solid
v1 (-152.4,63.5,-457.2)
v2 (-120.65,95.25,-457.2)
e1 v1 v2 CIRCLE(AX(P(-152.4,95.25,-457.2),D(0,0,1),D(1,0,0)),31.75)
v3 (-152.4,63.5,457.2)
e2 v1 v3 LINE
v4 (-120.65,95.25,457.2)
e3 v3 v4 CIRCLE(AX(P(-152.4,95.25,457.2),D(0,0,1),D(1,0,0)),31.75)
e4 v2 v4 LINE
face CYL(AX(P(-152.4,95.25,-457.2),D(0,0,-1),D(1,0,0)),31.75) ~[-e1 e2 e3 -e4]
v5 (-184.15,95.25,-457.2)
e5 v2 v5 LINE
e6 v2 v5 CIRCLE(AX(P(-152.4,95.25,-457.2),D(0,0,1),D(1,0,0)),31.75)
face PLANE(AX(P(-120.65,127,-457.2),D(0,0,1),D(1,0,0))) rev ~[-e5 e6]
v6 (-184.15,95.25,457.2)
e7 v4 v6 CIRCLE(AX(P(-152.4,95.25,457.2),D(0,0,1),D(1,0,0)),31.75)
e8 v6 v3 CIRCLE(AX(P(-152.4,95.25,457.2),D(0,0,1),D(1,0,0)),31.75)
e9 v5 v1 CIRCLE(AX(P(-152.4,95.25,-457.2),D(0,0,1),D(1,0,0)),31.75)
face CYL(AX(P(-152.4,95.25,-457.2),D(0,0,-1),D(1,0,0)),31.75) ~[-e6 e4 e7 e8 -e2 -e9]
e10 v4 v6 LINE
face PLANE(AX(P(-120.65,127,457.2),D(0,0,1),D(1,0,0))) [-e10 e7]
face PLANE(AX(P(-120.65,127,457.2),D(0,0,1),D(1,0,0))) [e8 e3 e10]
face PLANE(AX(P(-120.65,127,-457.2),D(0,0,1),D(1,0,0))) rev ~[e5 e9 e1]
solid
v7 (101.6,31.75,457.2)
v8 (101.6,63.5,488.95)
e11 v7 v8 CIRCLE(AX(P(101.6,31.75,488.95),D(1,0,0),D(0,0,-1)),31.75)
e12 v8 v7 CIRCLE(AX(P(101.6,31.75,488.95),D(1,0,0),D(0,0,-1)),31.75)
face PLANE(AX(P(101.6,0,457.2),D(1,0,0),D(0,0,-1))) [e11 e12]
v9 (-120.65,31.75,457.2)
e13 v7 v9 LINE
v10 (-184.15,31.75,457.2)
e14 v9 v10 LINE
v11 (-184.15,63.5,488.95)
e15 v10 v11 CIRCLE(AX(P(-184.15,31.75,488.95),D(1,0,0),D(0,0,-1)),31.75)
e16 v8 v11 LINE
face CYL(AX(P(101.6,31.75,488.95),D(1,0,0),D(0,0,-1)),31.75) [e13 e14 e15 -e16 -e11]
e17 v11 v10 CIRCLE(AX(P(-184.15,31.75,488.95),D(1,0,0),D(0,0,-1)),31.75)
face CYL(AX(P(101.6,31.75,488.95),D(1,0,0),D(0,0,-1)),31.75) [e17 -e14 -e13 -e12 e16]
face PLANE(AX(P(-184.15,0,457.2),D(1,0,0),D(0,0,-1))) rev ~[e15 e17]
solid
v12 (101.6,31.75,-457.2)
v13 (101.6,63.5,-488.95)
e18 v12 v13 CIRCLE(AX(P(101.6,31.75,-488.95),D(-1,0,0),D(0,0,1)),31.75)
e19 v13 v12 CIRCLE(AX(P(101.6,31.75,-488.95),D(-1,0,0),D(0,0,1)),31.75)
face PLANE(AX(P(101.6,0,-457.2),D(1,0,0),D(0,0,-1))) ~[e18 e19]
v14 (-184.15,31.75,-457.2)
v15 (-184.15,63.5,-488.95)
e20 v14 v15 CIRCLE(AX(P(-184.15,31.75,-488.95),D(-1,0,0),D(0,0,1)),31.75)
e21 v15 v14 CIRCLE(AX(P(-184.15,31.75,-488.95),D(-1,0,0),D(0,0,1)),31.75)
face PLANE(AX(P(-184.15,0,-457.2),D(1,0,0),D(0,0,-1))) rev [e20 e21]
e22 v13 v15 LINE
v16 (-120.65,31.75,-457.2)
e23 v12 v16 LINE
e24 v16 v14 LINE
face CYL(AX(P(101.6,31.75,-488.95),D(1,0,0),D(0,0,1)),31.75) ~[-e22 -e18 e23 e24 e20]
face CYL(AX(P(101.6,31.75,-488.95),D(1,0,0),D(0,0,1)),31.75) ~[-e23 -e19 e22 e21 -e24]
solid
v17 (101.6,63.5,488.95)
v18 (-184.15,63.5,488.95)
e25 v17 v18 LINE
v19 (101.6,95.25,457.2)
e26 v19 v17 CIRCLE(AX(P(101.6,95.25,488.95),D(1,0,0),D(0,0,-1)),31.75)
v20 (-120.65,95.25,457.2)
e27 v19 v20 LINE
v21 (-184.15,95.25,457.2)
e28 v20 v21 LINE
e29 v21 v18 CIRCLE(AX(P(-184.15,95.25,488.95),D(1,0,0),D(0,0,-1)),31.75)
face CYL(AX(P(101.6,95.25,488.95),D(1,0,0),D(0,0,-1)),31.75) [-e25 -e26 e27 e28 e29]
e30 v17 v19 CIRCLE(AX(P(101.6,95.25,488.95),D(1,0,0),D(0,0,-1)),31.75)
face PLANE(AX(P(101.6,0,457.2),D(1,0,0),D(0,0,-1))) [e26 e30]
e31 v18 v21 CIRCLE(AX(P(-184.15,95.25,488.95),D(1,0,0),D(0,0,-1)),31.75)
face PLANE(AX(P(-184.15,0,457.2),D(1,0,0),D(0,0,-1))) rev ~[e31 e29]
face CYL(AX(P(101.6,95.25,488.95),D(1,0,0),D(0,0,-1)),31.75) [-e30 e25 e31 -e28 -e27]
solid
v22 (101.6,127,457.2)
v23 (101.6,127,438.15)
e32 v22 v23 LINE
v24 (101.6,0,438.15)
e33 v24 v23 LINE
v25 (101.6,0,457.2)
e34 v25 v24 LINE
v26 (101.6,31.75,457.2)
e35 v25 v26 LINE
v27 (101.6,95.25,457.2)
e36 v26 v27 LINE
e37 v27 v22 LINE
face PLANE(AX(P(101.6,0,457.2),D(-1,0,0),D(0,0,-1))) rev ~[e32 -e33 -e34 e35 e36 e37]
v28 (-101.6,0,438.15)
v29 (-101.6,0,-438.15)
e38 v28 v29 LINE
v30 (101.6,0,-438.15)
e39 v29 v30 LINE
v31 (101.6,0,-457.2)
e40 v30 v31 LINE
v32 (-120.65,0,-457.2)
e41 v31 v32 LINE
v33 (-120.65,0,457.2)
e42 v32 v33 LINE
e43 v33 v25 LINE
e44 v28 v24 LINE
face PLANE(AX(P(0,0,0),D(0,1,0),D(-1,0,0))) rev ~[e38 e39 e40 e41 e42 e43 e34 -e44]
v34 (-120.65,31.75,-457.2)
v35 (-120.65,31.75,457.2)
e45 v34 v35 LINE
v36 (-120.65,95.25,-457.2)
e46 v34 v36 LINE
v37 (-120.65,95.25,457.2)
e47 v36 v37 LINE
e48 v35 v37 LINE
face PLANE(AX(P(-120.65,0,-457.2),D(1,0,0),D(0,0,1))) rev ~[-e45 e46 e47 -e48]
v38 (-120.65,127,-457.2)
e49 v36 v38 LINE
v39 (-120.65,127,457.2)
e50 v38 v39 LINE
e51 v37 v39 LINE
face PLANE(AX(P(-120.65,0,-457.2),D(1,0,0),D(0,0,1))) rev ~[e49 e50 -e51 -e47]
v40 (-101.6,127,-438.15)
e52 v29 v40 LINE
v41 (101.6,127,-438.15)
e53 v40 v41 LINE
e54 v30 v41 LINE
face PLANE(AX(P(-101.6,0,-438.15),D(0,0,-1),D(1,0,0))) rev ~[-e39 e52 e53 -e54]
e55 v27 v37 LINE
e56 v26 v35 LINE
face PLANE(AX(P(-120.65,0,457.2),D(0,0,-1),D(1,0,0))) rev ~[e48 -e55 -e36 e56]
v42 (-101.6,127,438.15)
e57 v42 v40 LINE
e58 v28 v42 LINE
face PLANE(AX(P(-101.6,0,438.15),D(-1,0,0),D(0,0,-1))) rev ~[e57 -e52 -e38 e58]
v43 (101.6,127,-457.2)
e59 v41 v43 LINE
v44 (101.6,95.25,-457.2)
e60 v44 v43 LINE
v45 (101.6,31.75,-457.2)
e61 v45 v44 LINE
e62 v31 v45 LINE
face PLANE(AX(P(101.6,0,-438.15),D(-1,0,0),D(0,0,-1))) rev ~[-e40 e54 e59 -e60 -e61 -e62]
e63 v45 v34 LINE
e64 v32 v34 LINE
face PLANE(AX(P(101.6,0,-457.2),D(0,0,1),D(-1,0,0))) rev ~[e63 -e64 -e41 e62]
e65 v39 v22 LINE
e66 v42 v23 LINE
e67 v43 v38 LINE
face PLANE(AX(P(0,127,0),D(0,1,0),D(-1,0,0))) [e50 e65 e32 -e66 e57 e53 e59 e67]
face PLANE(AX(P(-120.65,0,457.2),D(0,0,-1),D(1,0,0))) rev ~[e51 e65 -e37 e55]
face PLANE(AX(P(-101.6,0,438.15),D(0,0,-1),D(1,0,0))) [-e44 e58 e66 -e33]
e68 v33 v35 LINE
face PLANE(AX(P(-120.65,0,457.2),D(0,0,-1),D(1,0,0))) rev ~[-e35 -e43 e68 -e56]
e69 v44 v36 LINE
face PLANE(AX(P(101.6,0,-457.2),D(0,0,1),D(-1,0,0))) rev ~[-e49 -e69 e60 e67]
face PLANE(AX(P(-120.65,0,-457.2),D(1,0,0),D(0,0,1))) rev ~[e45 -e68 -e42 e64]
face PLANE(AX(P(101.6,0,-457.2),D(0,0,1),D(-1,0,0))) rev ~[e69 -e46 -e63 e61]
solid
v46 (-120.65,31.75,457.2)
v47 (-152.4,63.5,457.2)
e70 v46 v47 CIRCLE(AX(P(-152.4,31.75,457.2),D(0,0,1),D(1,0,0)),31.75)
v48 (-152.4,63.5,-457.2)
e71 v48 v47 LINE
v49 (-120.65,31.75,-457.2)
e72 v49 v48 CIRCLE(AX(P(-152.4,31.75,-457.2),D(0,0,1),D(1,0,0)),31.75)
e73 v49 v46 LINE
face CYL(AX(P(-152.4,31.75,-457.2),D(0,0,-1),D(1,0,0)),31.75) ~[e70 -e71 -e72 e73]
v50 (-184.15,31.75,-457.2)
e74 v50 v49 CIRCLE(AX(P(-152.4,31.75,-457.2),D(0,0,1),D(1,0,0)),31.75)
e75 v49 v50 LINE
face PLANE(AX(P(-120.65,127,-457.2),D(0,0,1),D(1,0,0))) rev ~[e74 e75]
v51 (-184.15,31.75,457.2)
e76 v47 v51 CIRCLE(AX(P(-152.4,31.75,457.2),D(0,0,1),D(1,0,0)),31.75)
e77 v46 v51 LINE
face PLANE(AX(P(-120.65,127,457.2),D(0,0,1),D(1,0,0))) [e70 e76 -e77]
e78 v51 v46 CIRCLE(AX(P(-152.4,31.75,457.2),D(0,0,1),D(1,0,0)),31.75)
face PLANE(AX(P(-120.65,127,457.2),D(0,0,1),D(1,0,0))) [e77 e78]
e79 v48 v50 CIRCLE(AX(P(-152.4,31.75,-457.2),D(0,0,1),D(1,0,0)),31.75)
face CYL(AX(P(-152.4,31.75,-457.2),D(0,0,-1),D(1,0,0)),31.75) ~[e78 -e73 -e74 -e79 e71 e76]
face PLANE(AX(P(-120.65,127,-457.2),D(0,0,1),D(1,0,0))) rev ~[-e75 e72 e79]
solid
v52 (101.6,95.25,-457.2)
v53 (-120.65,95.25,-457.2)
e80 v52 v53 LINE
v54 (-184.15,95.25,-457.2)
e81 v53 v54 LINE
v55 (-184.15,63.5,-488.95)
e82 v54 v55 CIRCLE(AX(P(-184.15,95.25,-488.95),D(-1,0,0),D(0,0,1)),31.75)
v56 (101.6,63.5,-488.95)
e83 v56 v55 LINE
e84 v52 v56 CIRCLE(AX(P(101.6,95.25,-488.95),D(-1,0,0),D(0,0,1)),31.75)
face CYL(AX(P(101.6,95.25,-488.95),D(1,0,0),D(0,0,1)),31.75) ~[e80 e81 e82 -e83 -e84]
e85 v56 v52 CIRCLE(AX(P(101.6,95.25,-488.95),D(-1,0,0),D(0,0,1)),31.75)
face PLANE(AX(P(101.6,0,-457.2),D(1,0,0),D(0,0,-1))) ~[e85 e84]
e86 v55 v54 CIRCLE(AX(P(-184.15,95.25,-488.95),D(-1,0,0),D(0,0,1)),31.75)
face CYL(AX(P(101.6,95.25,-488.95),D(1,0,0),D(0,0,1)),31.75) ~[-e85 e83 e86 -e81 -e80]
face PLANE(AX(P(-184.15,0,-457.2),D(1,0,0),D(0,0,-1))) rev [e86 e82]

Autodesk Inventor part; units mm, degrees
ref_plane "YZ Plane" through (0, 0, 0) normal (1, 0, 0) x (0, 1, 0)
ref_plane "XZ Plane" through (0, 0, 0) normal (0, 1, 0) x (-1, 0, 0)
ref_plane "XY Plane" through (0, 0, 0) normal (0, 0, 1) x (1, 0, 0)
sketch "Sketch1" plane through (0, 0, 0) normal (0, 1, 0) x (-1, 0, 0)
  line L0 (101.6, 438.15) -> (101.6, -438.15)
  line L1 (101.6, -438.15) -> (-101.6, -438.15)
  line L2 (101.6, 438.15) -> (-101.6, 438.15)
  line L3 (-101.6, -438.15) -> (-101.6, -457.2)
  line L4 (-101.6, -457.2) -> (120.65, -457.2)
  line L5 (120.65, -457.2) -> (120.65, 457.2)
  line L6 (120.65, 457.2) -> (-101.6, 457.2)
  line L7 (-101.6, 457.2) -> (-101.6, 438.15)
  line L8 (0, -640.08) -> (0, 640.08) construction
  line L9 (165.1, 0) -> (-146.05, 0) construction
  point P0 (0, 0)
  dimension "d0" = 876.3
  dimension "d1" = 203.2
  dimension "d2" = 19.05
  dimension "d3" = 19.05
extrude "Extrusion1" add sketch "Sketch1" along normal blind 127
sketch "Sketch2" plane through (101.6, 0, 457.2) normal (1, 0, 0) x (0, 0, -1)
  circle A0 centre (-31.75, 95.25) radius 31.75
  circle A1 centre (-31.75, 31.75) radius 31.75
  line L0 (0, 0) -> (0, 127) projected
  line L1 (19.05, 127) -> (895.35, 127) projected
  point P0 (457.2, 0)
  dimension "d6" = 63.5
extrude "Extrusion2" add sketch "Sketch2" against normal blind 285.75 contours A0 | A1
mirror "Mirror1" about plane through (0, 0, 0) normal (0, 0, 1) of "Extrusion2"
sketch "Sketch3" plane through (-120.65, 127, 457.2) normal (0, 0, 1) x (1, 0, 0)
  circle A0 centre (-31.75, -31.75) radius 31.75
  circle A1 centre (-31.75, -95.25) radius 31.75
  line L0 (0, -31.75) -> (0, 0) projected
  line L1 (0, -95.25) -> (0, -31.75) projected
  line L2 (0, 0) -> (222.25, 0) projected
  line L3 (0, -127) -> (222.25, -127) projected
  line L4 (0, -127) -> (0, -95.25) projected
  point P0 (120.65, -127)
  dimension "d9" = 63.5
extrude "Extrusion3" add sketch "Sketch3" along normal up to surface (914.4 mm away) from surface at -914.4 contours A0 | A1
properties material "Plywood, Finish"
